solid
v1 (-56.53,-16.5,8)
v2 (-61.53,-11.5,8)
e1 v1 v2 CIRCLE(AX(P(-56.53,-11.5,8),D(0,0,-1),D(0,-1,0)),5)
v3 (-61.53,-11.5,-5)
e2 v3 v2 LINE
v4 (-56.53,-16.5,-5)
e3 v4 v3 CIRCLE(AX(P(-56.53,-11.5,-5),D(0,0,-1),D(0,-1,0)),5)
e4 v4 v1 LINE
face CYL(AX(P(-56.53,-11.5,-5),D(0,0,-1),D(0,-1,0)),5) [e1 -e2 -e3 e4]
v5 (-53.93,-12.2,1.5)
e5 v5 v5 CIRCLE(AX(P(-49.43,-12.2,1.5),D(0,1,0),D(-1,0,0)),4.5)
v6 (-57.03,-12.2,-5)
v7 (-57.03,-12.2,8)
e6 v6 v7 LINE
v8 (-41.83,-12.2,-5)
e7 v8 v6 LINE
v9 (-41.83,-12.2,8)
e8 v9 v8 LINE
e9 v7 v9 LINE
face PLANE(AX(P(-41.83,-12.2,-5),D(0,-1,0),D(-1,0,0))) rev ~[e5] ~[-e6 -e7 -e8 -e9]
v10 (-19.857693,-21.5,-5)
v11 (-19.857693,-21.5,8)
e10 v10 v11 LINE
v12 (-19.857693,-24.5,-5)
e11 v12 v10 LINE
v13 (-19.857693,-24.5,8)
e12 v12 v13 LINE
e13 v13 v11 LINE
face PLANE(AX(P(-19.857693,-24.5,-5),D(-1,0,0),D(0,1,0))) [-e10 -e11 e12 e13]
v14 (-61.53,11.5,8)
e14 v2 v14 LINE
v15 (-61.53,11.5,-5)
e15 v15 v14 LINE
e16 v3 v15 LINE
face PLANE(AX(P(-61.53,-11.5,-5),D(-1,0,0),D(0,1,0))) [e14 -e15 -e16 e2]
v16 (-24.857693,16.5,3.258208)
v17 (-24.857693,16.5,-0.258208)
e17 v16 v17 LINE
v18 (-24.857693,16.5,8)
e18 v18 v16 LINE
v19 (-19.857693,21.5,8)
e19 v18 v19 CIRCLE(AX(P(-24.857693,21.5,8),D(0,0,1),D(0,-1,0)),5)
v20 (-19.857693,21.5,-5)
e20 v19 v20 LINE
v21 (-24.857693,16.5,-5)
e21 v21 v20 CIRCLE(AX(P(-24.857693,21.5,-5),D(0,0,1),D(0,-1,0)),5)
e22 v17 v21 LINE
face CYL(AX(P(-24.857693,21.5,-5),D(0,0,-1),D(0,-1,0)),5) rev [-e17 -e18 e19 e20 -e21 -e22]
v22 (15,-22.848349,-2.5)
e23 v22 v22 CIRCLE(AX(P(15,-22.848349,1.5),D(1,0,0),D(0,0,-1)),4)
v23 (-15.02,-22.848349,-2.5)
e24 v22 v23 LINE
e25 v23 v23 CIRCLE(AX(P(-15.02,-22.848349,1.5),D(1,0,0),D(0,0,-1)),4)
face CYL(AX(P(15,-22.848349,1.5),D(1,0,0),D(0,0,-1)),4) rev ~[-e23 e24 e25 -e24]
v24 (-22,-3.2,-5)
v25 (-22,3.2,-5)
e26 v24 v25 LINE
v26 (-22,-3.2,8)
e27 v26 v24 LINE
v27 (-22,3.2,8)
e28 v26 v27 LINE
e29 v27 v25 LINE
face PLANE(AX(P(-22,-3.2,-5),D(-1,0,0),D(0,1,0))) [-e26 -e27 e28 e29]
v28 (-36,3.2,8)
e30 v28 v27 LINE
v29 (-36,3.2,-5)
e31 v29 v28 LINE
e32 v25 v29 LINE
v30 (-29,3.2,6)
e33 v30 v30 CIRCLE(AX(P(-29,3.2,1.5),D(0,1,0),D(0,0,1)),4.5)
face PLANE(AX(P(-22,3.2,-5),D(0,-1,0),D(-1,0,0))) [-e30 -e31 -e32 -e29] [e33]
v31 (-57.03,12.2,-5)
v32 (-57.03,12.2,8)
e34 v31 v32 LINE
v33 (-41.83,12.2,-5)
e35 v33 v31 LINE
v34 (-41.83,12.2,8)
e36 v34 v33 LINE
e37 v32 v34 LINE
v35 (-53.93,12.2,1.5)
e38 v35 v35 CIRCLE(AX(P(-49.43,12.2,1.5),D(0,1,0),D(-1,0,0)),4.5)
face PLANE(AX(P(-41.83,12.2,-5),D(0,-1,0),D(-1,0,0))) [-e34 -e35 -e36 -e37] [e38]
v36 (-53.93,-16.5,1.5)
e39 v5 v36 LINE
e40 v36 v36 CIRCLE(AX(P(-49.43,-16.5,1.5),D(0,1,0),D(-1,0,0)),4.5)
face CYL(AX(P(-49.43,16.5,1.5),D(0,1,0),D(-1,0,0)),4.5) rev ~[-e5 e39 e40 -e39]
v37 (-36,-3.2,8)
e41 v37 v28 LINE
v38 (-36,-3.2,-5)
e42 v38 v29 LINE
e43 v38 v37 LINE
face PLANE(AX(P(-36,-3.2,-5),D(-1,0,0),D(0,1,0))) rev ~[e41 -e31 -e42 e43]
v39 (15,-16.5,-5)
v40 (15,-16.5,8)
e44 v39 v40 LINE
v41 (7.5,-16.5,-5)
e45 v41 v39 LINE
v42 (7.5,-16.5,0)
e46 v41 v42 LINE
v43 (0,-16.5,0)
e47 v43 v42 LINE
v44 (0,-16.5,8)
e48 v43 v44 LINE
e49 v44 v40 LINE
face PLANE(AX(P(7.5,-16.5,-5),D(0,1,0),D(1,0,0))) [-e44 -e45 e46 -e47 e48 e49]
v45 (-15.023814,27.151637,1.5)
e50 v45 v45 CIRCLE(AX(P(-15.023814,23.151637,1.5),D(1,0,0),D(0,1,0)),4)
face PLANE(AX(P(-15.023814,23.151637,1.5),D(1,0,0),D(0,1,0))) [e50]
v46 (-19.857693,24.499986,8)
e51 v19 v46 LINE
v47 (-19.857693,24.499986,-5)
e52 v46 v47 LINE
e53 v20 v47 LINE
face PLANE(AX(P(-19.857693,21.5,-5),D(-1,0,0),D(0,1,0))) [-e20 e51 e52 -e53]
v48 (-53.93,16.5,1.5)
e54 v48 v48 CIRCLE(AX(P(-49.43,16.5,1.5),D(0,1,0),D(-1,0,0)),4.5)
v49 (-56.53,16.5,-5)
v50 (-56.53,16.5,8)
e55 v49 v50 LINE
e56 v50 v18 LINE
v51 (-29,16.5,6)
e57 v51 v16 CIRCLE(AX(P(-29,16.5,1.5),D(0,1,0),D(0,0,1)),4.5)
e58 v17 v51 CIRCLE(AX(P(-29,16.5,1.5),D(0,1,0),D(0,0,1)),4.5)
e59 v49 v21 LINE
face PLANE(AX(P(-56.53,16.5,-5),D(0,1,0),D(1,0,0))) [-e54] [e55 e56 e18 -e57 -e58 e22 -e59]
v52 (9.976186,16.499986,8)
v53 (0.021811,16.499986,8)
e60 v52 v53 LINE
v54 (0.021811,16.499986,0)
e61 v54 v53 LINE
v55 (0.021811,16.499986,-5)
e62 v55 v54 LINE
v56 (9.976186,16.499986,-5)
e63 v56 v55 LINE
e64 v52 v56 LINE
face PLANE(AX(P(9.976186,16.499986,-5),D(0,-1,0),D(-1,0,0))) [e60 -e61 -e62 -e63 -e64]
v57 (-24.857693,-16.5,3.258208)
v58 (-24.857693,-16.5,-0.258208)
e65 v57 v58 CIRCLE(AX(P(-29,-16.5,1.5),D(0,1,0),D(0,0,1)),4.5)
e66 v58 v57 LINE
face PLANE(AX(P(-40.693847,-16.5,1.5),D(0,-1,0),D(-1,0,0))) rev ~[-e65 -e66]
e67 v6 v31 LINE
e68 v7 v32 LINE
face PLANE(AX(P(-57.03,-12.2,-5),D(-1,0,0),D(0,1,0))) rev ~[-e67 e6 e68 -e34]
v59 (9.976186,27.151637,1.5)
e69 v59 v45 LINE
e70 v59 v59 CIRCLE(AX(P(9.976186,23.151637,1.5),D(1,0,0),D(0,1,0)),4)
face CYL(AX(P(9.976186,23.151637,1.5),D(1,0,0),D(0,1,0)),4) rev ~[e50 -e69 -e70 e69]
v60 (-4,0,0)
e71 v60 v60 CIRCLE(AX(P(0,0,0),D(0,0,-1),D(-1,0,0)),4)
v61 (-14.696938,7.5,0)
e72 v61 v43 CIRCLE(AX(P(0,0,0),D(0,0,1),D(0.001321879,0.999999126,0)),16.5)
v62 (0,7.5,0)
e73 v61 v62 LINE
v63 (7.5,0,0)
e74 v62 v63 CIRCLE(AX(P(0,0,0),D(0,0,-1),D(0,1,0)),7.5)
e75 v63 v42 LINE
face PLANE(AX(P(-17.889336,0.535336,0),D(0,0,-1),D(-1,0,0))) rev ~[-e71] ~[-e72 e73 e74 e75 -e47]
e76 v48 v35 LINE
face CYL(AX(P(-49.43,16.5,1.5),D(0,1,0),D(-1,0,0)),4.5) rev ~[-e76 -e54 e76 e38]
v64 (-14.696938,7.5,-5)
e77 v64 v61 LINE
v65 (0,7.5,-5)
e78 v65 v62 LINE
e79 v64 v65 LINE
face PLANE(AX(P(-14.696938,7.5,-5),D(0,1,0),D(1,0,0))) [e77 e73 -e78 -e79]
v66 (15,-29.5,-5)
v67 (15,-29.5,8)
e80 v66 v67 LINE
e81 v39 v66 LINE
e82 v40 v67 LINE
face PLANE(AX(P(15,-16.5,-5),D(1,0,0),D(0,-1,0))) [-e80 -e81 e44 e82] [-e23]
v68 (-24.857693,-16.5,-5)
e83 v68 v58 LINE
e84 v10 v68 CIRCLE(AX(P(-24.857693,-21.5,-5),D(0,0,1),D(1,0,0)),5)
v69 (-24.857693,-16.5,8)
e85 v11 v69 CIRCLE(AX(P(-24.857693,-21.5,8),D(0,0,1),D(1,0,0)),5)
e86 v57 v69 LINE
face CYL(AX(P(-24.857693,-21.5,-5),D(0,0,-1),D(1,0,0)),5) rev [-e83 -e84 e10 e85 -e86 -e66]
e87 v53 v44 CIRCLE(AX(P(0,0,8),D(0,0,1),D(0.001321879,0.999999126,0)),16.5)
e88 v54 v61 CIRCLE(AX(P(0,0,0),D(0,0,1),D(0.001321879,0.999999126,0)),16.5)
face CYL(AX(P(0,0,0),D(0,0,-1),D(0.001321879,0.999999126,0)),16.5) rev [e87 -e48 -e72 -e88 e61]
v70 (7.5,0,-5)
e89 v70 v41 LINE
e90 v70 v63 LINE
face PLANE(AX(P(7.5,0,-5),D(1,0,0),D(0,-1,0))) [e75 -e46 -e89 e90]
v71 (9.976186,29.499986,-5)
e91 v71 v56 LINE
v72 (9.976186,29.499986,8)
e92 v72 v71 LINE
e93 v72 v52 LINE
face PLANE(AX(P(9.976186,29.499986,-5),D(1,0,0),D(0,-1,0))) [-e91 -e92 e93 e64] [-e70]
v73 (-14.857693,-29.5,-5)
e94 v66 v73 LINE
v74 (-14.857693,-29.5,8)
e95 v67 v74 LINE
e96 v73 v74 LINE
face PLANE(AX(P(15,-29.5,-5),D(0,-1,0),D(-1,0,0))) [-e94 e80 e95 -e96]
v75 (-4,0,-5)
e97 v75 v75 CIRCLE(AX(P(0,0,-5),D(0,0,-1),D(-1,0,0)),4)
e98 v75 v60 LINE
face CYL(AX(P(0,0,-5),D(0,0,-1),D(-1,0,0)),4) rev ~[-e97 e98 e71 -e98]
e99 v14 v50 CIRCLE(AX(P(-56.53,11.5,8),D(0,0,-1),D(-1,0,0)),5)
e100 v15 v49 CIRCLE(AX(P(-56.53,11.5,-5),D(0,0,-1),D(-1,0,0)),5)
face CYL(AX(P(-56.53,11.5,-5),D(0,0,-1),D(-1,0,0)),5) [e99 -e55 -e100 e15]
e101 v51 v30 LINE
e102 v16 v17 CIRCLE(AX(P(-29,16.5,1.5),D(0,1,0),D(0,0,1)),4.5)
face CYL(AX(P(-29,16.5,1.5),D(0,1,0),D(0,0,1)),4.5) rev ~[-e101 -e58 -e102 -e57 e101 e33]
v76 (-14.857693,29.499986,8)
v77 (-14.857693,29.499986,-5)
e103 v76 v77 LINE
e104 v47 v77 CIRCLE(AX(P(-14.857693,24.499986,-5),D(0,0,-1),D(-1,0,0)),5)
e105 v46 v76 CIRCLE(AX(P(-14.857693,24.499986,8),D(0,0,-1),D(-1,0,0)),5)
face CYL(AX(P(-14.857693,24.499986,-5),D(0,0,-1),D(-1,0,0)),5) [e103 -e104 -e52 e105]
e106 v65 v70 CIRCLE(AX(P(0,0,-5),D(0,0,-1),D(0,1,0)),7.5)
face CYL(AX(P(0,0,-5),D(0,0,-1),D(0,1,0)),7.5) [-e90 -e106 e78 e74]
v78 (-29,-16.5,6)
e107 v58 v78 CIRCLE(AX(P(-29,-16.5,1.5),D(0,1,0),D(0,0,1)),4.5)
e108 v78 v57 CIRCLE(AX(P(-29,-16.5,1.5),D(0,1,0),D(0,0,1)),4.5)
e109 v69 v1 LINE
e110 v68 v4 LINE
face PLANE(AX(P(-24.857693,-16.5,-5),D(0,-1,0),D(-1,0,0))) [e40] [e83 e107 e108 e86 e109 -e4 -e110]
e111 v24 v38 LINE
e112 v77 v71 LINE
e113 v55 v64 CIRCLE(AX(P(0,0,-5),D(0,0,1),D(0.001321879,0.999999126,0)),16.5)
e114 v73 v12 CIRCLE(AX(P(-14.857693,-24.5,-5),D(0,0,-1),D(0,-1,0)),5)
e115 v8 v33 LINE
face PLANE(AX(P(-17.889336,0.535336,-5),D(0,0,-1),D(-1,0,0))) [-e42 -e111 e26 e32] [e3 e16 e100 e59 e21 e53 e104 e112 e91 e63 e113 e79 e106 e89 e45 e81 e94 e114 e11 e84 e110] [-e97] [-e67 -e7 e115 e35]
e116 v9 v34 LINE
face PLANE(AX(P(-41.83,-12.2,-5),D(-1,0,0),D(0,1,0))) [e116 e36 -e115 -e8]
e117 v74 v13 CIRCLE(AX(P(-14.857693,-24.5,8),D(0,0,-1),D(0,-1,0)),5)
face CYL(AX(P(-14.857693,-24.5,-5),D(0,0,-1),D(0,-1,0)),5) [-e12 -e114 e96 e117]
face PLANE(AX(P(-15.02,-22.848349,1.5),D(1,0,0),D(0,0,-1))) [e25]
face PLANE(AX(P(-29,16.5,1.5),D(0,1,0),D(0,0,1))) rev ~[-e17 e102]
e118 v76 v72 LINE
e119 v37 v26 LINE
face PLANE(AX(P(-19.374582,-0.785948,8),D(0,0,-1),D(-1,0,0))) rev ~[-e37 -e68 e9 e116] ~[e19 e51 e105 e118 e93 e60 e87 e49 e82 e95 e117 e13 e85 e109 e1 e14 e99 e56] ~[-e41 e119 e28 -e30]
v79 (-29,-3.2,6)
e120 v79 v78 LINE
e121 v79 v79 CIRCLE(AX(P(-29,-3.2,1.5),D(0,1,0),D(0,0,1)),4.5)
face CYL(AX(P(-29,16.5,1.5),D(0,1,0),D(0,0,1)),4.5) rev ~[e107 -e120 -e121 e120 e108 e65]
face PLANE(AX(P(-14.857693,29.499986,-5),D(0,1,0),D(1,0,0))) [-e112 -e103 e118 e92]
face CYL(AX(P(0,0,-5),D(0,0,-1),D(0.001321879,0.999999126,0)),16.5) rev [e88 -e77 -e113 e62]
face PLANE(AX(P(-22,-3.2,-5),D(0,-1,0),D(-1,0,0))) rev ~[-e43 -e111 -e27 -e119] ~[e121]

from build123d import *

# Parameters (mm, degrees)
CROQUIS1_W              = 15.2
CROQUIS1_H              = 24.4
CROQUIS1_W_2            = 14
CROQUIS1_H_2            = 6.4
SALIENTE_EXTRUIR2_DEPTH = 8
SALIENTE_EXTRUIR4_START = 5
CROQUIS2_W              = 14
CROQUIS2_H              = 6.4
CROQUIS2_W_2            = 15.2
CROQUIS2_H_2            = 24.4
CROQUIS2_R              = 4
SALIENTE_EXTRUIR4_DEPTH = 5
CROQUIS3_R              = 4
CORTAR_EXTRUIR1_DEPTH   = 25
CROQUIS4_R              = 4
CORTAR_EXTRUIR2_DEPTH   = 30.02
CORTAR_EXTRUIR3_REACH   = 79.24
CROQUIS5_R              = 4.5


with BuildPart() as part:
    # Croquis1 → Saliente-Extruir2 (new body)
    with BuildSketch(Plane.XY):
        with BuildLine():
            Line((9.976185601, 29.499985584), (9.976185601, 16.499985584))
            Line((9.976185601, 16.499985584), (0.021811005, 16.499985584))
            ThreePointArc((0.021811005, 16.499985584), (-16.499996396, 0.010905505), (0, -16.5))
            Line((0, -16.5), (15, -16.5))
            Line((15, -16.5), (15, -29.5))
            Line((15, -29.5), (-14.857693224, -29.5))
            ThreePointArc((-14.857693224, -29.5), (-18.39322713, -28.035533906), (-19.857693224, -24.5))
            Line((-19.857693224, -24.5), (-19.857693224, -21.5))
            ThreePointArc((-19.857693224, -21.5), (-21.322159318, -17.964466094), (-24.857693224, -16.5))
            Line((-24.857693224, -16.5), (-56.53, -16.5))
            ThreePointArc((-56.53, -16.5), (-60.065533906, -15.035533906), (-61.53, -11.5))
            Line((-61.53, -11.5), (-61.53, 11.5))
            ThreePointArc((-61.53, 11.5), (-60.065533906, 15.035533906), (-56.53, 16.5))
            Line((-56.53, 16.5), (-24.857693224, 16.5))
            ThreePointArc((-24.857693224, 16.5), (-21.322159318, 17.964466094), (-19.857693224, 21.5))
            Line((-19.857693224, 21.5), (-19.857693224, 24.499985584))
            ThreePointArc((-19.857693224, 24.499985584), (-18.39322713, 28.03551949), (-14.857693224, 29.499985584))
            Line((-14.857693224, 29.499985584), (9.976185601, 29.499985584))
        make_face()
        with Locations((-49.43, 0)):
            Rectangle(CROQUIS1_W, CROQUIS1_H, mode=Mode.SUBTRACT)
        with Locations((-29, 0)):
            Rectangle(CROQUIS1_W_2, CROQUIS1_H_2, mode=Mode.SUBTRACT)
    extrude(amount=SALIENTE_EXTRUIR2_DEPTH)

    # Croquis2 → Saliente-Extruir4 (add)
    with BuildSketch(Plane(origin=(0, 0, 0), x_dir=(-1, 0, 0), z_dir=(0, 0, -1)).offset(SALIENTE_EXTRUIR4_START)):
        with BuildLine():
            Line((56.53, 16.5), (24.857693224, 16.5))
            ThreePointArc((24.857693224, 16.5), (21.322159318, 17.964466094), (19.857693224, 21.5))
            Line((19.857693224, 21.5), (19.857693224, 24.499985584))
            ThreePointArc((19.857693224, 24.499985584), (18.39322713, 28.03551949), (14.857693224, 29.499985584))
            Line((14.857693224, 29.499985584), (-9.976185601, 29.499985584))
            Line((-9.976185601, 29.499985584), (-9.976185601, 16.499985584))
            Line((-9.976185601, 16.499985584), (-0.021811005, 16.499985584))
            ThreePointArc((-0.021811005, 16.499985584), (8.607541842, 14.07693942), (14.696938457, 7.5))
            Line((14.696938457, 7.5), (0, 7.5))
            ThreePointArc((0, 7.5), (-5.303300859, 5.303300859), (-7.5, 0))
            Line((-7.5, 0), (-7.5, -16.5))
            Line((-7.5, -16.5), (-15, -16.5))
            Line((-15, -16.5), (-15, -29.5))
            Line((-15, -29.5), (14.857693224, -29.5))
            ThreePointArc((14.857693224, -29.5), (18.39322713, -28.035533906), (19.857693224, -24.5))
            Line((19.857693224, -24.5), (19.857693224, -21.5))
            ThreePointArc((19.857693224, -21.5), (21.322159318, -17.964466094), (24.857693224, -16.5))
            Line((24.857693224, -16.5), (56.53, -16.5))
            ThreePointArc((56.53, -16.5), (60.065533906, -15.035533906), (61.53, -11.5))
            Line((61.53, -11.5), (61.53, 11.5))
            ThreePointArc((61.53, 11.5), (60.065533906, 15.035533906), (56.53, 16.5))
        make_face()
        with Locations((29, 0)):
            Rectangle(CROQUIS2_W, CROQUIS2_H, mode=Mode.SUBTRACT)
        with Locations((49.43, 0)):
            Rectangle(CROQUIS2_W_2, CROQUIS2_H_2, mode=Mode.SUBTRACT)
        Circle(CROQUIS2_R, mode=Mode.SUBTRACT)
    extrude(amount=-SALIENTE_EXTRUIR4_DEPTH)

    # Croquis3 → Cortar-Extruir1 (cut)
    with BuildSketch(Plane(origin=(9.976185601, 0, 0), x_dir=(0, 0, -1), z_dir=(1, 0, 0))):
        with Locations(Location((-1.5, 23.151636707, 0), (0, 0, 90))):
            Circle(CROQUIS3_R)
    extrude(amount=-CORTAR_EXTRUIR1_DEPTH, mode=Mode.SUBTRACT)

    # Croquis4 → Cortar-Extruir2 (cut)
    with BuildSketch(Plane(origin=(15, 0, 0), x_dir=(0, 0, -1), z_dir=(1, 0, 0))):
        with Locations((-1.5, -22.848348878)):
            Circle(CROQUIS4_R)
    extrude(amount=-CORTAR_EXTRUIR2_DEPTH, mode=Mode.SUBTRACT)

    # Cortar-Extruir3: up to this face of the body (flat: up to its plane)
    cortar_extruir3_end = Plane(part.part.faces().sort_by_distance((-40.693846612, -16.5, 1.5))[0])
    # Croquis5 → Cortar-Extruir3 (cut, up to the picked face)
    with BuildSketch(Plane(origin=(0, 16.5, 0), x_dir=(1, 0, 0), z_dir=(0, 1, 0)), mode=Mode.PRIVATE) as cortar_extruir3_sk1:
        with Locations(Location((-49.43, -1.5, 0), (0, 0, 180))):
            Circle(CROQUIS5_R)
    cortar_extruir3_tool1 = split(extrude(cortar_extruir3_sk1.sketch, amount=-CORTAR_EXTRUIR3_REACH, mode=Mode.PRIVATE), bisect_by=cortar_extruir3_end, keep=Keep.BOTH, mode=Mode.PRIVATE)
    # Croquis5 → Cortar-Extruir3 (cut, up to the picked face)
    with BuildSketch(Plane(origin=(0, 16.5, 0), x_dir=(1, 0, 0), z_dir=(0, 1, 0)), mode=Mode.PRIVATE) as cortar_extruir3_sk2:
        with Locations(Location((-29, -1.5, 0), (0, 0, 270))):
            Circle(CROQUIS5_R)
    cortar_extruir3_tool2 = split(extrude(cortar_extruir3_sk2.sketch, amount=-CORTAR_EXTRUIR3_REACH, mode=Mode.PRIVATE), bisect_by=cortar_extruir3_end, keep=Keep.BOTH, mode=Mode.PRIVATE)
    add(cortar_extruir3_tool1.solids().sort_by(Axis((-49.43, 16.5, 1.5), (0, -1, 0)))[0], mode=Mode.SUBTRACT)
    add(cortar_extruir3_tool2.solids().sort_by(Axis((-29, 16.5, 1.5), (0, -1, 0)))[0], mode=Mode.SUBTRACT)


solid = part.part
